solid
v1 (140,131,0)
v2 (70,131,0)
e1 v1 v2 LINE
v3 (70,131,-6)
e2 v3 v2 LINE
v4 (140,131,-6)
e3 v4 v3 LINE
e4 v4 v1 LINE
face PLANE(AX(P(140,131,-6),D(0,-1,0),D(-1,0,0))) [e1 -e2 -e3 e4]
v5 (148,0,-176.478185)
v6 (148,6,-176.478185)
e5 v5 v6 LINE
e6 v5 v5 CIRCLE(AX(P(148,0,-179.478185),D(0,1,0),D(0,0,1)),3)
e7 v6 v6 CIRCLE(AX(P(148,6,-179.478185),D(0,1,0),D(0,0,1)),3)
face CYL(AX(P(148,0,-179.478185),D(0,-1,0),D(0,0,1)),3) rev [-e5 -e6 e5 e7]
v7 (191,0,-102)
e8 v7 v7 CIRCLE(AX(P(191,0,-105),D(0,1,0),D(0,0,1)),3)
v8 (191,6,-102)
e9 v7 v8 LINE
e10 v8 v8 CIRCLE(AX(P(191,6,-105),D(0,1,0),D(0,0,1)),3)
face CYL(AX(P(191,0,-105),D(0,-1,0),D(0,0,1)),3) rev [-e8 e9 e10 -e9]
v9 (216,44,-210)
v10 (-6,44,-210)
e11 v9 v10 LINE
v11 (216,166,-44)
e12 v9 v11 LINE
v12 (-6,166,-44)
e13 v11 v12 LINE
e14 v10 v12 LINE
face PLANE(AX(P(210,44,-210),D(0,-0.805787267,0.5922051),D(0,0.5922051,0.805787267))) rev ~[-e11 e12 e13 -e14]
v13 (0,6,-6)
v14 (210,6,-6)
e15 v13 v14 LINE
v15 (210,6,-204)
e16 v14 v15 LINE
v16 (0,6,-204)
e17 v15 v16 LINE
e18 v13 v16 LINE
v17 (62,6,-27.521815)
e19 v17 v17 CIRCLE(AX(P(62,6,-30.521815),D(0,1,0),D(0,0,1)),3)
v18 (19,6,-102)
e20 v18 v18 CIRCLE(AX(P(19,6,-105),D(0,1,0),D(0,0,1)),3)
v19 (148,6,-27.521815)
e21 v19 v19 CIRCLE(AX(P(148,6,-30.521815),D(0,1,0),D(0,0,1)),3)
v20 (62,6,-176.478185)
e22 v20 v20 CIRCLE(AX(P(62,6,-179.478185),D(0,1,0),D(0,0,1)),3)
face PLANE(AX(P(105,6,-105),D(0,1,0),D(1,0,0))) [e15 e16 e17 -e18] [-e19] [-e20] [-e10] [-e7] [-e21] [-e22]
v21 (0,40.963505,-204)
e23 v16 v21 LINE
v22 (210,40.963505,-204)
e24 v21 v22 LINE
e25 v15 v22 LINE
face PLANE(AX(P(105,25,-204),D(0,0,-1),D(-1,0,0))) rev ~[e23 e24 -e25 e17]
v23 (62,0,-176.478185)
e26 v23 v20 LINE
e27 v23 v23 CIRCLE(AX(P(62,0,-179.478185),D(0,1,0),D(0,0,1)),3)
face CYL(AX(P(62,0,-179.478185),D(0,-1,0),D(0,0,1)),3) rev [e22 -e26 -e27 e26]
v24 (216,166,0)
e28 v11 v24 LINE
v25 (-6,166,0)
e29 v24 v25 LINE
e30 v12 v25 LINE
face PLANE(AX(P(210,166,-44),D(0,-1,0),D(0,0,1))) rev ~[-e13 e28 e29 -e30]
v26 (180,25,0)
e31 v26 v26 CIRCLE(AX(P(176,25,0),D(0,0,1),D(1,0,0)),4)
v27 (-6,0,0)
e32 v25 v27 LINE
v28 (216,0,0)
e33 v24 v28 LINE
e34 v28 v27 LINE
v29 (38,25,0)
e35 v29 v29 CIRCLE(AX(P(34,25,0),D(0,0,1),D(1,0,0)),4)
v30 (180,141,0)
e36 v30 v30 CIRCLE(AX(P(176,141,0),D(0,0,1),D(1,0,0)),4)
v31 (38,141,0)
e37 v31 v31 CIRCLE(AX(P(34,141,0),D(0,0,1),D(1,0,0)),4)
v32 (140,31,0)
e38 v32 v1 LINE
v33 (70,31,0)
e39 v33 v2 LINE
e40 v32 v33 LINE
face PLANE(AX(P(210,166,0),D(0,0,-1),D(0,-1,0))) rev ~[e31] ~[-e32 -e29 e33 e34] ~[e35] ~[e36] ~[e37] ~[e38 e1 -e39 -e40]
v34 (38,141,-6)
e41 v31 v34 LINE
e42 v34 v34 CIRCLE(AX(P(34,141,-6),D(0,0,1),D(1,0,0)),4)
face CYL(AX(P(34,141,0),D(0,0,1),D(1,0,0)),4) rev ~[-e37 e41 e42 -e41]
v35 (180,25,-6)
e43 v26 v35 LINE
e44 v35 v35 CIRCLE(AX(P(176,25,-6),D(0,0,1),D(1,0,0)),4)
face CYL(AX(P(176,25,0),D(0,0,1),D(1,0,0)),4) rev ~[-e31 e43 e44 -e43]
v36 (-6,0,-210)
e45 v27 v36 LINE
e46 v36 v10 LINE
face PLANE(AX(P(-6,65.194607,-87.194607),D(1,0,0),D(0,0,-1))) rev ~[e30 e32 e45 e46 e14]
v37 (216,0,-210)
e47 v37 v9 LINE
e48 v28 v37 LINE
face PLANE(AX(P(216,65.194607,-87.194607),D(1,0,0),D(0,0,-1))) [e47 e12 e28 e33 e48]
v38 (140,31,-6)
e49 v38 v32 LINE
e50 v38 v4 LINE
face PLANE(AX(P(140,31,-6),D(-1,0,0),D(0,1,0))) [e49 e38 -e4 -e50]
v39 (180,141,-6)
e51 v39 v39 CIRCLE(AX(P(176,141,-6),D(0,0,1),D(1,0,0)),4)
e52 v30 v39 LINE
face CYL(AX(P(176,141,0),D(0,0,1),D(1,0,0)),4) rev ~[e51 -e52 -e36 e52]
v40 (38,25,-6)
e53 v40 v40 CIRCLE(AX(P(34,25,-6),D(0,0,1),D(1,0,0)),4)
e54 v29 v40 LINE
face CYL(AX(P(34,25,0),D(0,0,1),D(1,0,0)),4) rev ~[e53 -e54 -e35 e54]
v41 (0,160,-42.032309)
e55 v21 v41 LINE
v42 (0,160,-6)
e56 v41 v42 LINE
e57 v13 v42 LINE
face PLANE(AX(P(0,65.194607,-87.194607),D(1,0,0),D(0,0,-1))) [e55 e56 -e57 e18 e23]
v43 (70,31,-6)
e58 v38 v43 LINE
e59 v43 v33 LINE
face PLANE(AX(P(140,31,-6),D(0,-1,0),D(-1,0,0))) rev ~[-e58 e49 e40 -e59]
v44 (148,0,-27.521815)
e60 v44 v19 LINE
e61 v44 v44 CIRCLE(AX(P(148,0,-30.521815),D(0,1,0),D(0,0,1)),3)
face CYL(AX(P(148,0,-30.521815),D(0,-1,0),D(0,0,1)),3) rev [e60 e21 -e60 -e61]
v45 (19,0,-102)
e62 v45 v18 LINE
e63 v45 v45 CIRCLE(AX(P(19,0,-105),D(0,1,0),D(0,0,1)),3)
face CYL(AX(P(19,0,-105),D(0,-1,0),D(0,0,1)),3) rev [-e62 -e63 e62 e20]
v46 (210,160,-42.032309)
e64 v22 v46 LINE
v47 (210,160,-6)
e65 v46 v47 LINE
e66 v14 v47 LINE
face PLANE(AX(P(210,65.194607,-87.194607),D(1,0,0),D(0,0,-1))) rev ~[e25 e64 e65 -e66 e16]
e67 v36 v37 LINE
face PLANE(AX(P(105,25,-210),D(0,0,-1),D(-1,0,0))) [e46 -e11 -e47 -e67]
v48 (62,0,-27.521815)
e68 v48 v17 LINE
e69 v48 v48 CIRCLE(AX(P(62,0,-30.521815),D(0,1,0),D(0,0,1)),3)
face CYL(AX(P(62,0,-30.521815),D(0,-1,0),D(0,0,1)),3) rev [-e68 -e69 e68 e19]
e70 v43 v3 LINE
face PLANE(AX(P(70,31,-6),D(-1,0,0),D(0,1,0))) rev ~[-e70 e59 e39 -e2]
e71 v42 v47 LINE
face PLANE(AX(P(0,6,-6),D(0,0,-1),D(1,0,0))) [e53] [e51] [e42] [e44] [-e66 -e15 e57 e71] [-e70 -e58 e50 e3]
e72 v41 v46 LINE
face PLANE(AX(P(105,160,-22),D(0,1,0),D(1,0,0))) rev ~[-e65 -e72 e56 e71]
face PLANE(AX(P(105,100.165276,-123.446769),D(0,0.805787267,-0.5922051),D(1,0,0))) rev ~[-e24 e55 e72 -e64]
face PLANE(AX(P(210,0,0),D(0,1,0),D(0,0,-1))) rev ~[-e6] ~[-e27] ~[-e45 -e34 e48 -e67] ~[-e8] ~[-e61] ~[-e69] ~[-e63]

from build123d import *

# Parameters (mm, degrees)
SKETCH1_W           = 210
SKETCH1_H           = 210
SKETCH1_R           = 3
BOSS_EXTRUDE1_DEPTH = 6
SKETCH3_W           = 210
SKETCH3_H           = 6
BOSS_EXTRUDE2_DEPTH = 160
BOSS_EXTRUDE4_DEPTH = 6
BOSS_EXTRUDE5_START = -210
BOSS_EXTRUDE5_DEPTH = 6
SKETCH6_W           = 70
SKETCH6_H           = 100
CUT_EXTRUDE1_DEPTH  = 341.335128954
SKETCH7_W           = 210
SKETCH7_H           = 38
BOSS_EXTRUDE6_DEPTH = 6
SKETCH8_W           = 222
SKETCH8_H           = 206.009708509
BOSS_EXTRUDE7_DEPTH = 6
SKETCH9_W           = 222
SKETCH9_H           = 44
BOSS_EXTRUDE8_DEPTH = 6
CUT_EXTRUDE2_REACH  = 345.965
SKETCH10_R          = 4


with BuildPart() as part:
    # Sketch1 → Boss-Extrude1 (new body)
    with BuildSketch(Plane(origin=(0, 0, 0), x_dir=(1, 0, 0), z_dir=(0, 1, 0))):
        with Locations((105, 105)):
            Rectangle(SKETCH1_W, SKETCH1_H)
        with Locations((62, 179.478184725)):
            Circle(SKETCH1_R, mode=Mode.SUBTRACT)
        with Locations((148, 179.478184725)):
            Circle(SKETCH1_R, mode=Mode.SUBTRACT)
        with Locations((191, 105)):
            Circle(SKETCH1_R, mode=Mode.SUBTRACT)
        with Locations((148, 30.521815275)):
            Circle(SKETCH1_R, mode=Mode.SUBTRACT)
        with Locations((62, 30.521815275)):
            Circle(SKETCH1_R, mode=Mode.SUBTRACT)
        with Locations((19, 105)):
            Circle(SKETCH1_R, mode=Mode.SUBTRACT)
    extrude(amount=BOSS_EXTRUDE1_DEPTH)

    # Sketch3 → Boss-Extrude2 (add)
    with BuildSketch(Plane(origin=(0, 6, 0), x_dir=(1, 0, 0), z_dir=(0, 1, 0))):
        with Locations((105, 3)):
            Rectangle(SKETCH3_W, SKETCH3_H)
    extrude(amount=BOSS_EXTRUDE2_DEPTH)

    # Sketch4 → Boss-Extrude4 (add)
    with BuildSketch(Plane.ZY):
        Polygon((0, 0), (-210, 0), (-210, 44), (-44, 166), (0, 166), align=None)
    extrude(amount=BOSS_EXTRUDE4_DEPTH)

    # Sketch4<3> → Boss-Extrude5 (add)
    with BuildSketch(Plane.ZY.offset(BOSS_EXTRUDE5_START)):
        Polygon((0, 0), (-210, 0), (-210, 44), (-44, 166), (0, 166), align=None)
    extrude(amount=-BOSS_EXTRUDE5_DEPTH)

    # Sketch6 → Cut-Extrude1 (cut, through all)
    with BuildSketch(Plane(origin=(0, 0, -6), x_dir=(-1, 0, 0), z_dir=(0, 0, -1))):
        with Locations((-105, 81)):
            Rectangle(SKETCH6_W, SKETCH6_H)
    extrude(amount=-CUT_EXTRUDE1_DEPTH, mode=Mode.SUBTRACT)

    # Sketch7 → Boss-Extrude6 (add)
    with BuildSketch(Plane(origin=(0, 0, -210), x_dir=(-1, 0, 0), z_dir=(0, 0, -1))):
        with Locations((-105, 25)):
            Rectangle(SKETCH7_W, SKETCH7_H)
    extrude(amount=-BOSS_EXTRUDE6_DEPTH)

    # Sketch8 → Boss-Extrude7 (add)
    with BuildSketch(Plane(origin=(0, 128.779076343, -94.644863336), x_dir=(1, 0, 0), z_dir=(0, 0.8057872670242422, -0.5922050998611905))):
        with Locations((105, 40.153447427)):
            Rectangle(SKETCH8_W, SKETCH8_H)
    extrude(amount=-BOSS_EXTRUDE7_DEPTH)

    # Sketch9 → Boss-Extrude8 (add)
    with BuildSketch(Plane(origin=(0, 166, 0), x_dir=(1, 0, 0), z_dir=(0, 1, 0))):
        with Locations((105, 22)):
            Rectangle(SKETCH9_W, SKETCH9_H)
    extrude(amount=-BOSS_EXTRUDE8_DEPTH)

    # Sketch10 → Cut-Extrude2 (cut, up to next)
    with BuildSketch(Plane.XY, mode=Mode.PRIVATE) as cut_extrude2_sk1:
        with Locations((176, 141)):
            Circle(SKETCH10_R)
    cut_extrude2_tool1 = extrude(cut_extrude2_sk1.sketch, amount=-CUT_EXTRUDE2_REACH, mode=Mode.PRIVATE) & part.part
    # Sketch10 → Cut-Extrude2 (cut, up to next)
    with BuildSketch(Plane.XY, mode=Mode.PRIVATE) as cut_extrude2_sk2:
        with Locations((34, 141)):
            Circle(SKETCH10_R)
    cut_extrude2_tool2 = extrude(cut_extrude2_sk2.sketch, amount=-CUT_EXTRUDE2_REACH, mode=Mode.PRIVATE) & part.part
    # Sketch10 → Cut-Extrude2 (cut, up to next)
    with BuildSketch(Plane.XY, mode=Mode.PRIVATE) as cut_extrude2_sk3:
        with Locations((34, 25)):
            Circle(SKETCH10_R)
    cut_extrude2_tool3 = extrude(cut_extrude2_sk3.sketch, amount=-CUT_EXTRUDE2_REACH, mode=Mode.PRIVATE) & part.part
    # Sketch10 → Cut-Extrude2 (cut, up to next)
    with BuildSketch(Plane.XY, mode=Mode.PRIVATE) as cut_extrude2_sk4:
        with Locations((176, 25)):
            Circle(SKETCH10_R)
    cut_extrude2_tool4 = extrude(cut_extrude2_sk4.sketch, amount=-CUT_EXTRUDE2_REACH, mode=Mode.PRIVATE) & part.part
    add(cut_extrude2_tool1.solids().sort_by_distance((176, 141, 0))[0], mode=Mode.SUBTRACT)
    add(cut_extrude2_tool2.solids().sort_by_distance((34, 141, 0))[0], mode=Mode.SUBTRACT)
    add(cut_extrude2_tool3.solids().sort_by_distance((34, 25, 0))[0], mode=Mode.SUBTRACT)
    add(cut_extrude2_tool4.solids().sort_by_distance((176, 25, 0))[0], mode=Mode.SUBTRACT)


solid = part.part
